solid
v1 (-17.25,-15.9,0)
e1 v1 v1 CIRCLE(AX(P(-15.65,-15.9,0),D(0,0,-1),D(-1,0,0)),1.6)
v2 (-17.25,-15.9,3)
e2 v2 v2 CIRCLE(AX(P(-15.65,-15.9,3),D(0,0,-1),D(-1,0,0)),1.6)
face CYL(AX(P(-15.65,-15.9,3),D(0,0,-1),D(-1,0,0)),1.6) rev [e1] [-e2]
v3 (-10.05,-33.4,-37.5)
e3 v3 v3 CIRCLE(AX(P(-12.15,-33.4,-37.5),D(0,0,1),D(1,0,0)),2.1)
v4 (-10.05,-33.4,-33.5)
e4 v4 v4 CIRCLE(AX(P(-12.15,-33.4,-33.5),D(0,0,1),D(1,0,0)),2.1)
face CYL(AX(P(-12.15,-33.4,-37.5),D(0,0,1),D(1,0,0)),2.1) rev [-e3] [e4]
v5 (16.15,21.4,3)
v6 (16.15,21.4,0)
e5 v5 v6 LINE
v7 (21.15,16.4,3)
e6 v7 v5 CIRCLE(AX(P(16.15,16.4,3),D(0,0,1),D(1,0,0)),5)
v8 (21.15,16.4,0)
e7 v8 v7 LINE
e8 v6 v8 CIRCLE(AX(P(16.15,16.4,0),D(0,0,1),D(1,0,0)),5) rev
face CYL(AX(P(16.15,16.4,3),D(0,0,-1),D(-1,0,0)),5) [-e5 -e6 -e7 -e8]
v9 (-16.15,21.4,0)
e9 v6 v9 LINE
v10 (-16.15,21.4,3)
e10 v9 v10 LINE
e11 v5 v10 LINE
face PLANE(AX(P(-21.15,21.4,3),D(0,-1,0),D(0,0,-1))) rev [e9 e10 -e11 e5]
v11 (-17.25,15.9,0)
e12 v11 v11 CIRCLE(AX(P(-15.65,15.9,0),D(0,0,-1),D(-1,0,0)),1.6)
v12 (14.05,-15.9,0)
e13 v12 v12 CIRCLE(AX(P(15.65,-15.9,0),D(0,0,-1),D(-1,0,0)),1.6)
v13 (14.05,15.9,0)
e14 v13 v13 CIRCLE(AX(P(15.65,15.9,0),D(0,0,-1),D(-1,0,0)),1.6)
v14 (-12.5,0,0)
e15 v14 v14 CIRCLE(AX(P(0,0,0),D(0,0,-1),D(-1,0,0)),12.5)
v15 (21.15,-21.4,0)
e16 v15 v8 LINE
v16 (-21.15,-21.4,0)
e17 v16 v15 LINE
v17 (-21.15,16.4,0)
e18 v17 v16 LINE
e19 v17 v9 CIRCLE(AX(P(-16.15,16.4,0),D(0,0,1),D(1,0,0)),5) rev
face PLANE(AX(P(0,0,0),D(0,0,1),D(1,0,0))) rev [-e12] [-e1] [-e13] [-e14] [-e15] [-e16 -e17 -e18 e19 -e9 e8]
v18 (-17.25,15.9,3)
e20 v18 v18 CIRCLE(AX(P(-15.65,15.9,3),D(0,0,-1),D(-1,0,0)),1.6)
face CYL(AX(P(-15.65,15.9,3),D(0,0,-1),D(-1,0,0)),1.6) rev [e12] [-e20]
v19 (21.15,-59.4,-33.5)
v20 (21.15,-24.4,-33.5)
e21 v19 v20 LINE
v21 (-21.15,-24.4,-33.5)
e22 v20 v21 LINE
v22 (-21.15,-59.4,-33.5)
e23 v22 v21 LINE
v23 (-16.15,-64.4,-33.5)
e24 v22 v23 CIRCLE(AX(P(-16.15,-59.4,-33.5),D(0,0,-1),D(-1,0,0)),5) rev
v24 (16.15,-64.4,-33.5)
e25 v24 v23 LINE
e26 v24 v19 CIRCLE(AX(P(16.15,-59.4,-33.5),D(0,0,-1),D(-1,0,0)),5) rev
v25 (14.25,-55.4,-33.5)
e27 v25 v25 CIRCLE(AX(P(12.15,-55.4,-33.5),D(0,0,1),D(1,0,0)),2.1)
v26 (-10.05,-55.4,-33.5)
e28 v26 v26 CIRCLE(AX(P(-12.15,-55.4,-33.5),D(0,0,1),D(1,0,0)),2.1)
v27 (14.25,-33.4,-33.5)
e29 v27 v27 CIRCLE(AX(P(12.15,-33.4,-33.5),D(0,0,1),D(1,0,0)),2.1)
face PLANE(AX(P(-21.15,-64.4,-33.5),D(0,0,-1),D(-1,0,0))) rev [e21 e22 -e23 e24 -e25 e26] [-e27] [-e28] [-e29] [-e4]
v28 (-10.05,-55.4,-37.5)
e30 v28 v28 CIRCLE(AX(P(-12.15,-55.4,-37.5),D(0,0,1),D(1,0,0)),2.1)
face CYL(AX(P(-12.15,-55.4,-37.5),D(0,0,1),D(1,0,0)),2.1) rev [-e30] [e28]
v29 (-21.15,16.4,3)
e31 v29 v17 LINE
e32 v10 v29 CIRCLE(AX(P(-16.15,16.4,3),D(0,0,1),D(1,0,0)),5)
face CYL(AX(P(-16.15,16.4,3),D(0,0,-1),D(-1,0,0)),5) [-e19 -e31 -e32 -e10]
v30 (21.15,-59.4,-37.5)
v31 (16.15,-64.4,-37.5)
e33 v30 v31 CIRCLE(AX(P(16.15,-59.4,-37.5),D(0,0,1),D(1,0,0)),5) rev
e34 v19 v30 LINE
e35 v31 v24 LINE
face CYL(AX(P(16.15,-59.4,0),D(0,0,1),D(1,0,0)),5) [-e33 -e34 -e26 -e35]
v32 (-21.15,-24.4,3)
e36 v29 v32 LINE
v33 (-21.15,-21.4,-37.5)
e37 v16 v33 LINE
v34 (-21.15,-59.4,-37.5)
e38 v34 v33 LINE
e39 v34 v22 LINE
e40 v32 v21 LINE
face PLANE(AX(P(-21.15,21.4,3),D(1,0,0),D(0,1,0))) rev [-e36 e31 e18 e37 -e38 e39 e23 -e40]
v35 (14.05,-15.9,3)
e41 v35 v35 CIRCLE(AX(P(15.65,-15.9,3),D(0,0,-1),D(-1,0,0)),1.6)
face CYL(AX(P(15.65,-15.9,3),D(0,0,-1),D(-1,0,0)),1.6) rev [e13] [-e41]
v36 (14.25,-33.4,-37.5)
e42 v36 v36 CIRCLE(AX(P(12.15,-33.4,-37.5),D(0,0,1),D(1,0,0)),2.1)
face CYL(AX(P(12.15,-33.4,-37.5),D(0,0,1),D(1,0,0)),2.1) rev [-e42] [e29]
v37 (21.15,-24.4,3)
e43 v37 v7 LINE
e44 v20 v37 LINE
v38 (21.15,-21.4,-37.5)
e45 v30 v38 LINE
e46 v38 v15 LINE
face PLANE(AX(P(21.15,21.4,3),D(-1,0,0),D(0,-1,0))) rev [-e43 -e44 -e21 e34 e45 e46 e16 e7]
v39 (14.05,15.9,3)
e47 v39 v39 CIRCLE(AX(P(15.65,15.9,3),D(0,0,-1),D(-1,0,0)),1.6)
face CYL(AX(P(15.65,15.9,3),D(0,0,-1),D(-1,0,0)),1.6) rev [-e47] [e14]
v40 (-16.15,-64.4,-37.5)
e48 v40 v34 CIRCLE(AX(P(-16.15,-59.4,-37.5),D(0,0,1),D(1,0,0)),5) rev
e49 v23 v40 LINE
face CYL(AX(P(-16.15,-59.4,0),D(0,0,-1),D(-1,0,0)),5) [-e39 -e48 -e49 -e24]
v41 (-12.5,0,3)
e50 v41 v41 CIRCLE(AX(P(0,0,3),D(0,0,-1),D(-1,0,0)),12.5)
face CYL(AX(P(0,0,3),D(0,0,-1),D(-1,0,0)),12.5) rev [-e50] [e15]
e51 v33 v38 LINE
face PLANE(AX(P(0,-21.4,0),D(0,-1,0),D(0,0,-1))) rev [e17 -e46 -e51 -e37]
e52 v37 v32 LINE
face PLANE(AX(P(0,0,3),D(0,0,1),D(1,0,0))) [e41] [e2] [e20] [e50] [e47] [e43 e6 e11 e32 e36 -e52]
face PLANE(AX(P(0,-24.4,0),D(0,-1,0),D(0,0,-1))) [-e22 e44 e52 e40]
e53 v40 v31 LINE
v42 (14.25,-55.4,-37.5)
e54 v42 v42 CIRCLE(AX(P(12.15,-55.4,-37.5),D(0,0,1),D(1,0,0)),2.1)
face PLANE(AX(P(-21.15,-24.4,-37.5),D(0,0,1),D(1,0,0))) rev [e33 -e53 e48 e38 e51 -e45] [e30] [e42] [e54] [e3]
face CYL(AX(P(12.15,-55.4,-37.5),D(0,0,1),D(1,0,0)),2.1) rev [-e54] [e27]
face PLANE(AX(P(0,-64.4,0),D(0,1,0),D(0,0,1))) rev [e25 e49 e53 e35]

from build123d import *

# Parameters (mm, degrees)
SKETCH1_W           = 42.3
SKETCH1_H           = 42.8
BOSS_EXTRUDE1_DEPTH = 3
SKETCH6_R           = 12.5
SKETCH6_R_2         = 1.6
CUT_EXTRUDE3_DEPTH  = 31.237104689
SKETCH7_W           = 42.3
SKETCH7_H           = 40.5
BOSS_EXTRUDE2_DEPTH = 3
SKETCH8_W           = 42.3
SKETCH8_H           = 4
BOSS_EXTRUDE3_DEPTH = 40
SKETCH10_R          = 2.1
CUT_EXTRUDE4_DEPTH  = 77.986573505
FILLET1_R           = 5


with BuildPart() as part:
    # Sketch1 → Boss-Extrude1 (new body)
    with BuildSketch(Plane.XY):
        Rectangle(SKETCH1_W, SKETCH1_H)
    extrude(amount=BOSS_EXTRUDE1_DEPTH)

    # Sketch6 → Cut-Extrude3 (cut, through all)
    with BuildSketch(Plane(origin=(0, 0, 0), x_dir=(-1, 0, 0), z_dir=(0, 0, -1))):
        Circle(SKETCH6_R)
        with Locations((-15.65, 15.9)):
            Circle(SKETCH6_R_2)
        with Locations((15.65, 15.9)):
            Circle(SKETCH6_R_2)
        with Locations((-15.65, -15.9)):
            Circle(SKETCH6_R_2)
        with Locations((15.65, -15.9)):
            Circle(SKETCH6_R_2)
    extrude(amount=-CUT_EXTRUDE3_DEPTH, mode=Mode.SUBTRACT)

    # Sketch7 → Boss-Extrude2 (add)
    with BuildSketch(Plane.XZ.offset(21.4)):
        with Locations((0, -17.25)):
            Rectangle(SKETCH7_W, SKETCH7_H)
    extrude(amount=BOSS_EXTRUDE2_DEPTH)

    # Sketch8 → Boss-Extrude3 (add)
    with BuildSketch(Plane.XZ.offset(24.4)):
        with Locations((0, -35.5)):
            Rectangle(SKETCH8_W, SKETCH8_H)
    extrude(amount=BOSS_EXTRUDE3_DEPTH)

    # Sketch10 → Cut-Extrude4 (cut, through all)
    with BuildSketch(Plane.XY.offset(-33.5)):
        with Locations((-12.15, -33.4)):
            Circle(SKETCH10_R)
        with Locations((12.15, -33.4)):
            Circle(SKETCH10_R)
        with Locations((-12.15, -55.4)):
            Circle(SKETCH10_R)
        with Locations((12.15, -55.4)):
            Circle(SKETCH10_R)
    extrude(amount=-CUT_EXTRUDE4_DEPTH, mode=Mode.SUBTRACT)

    # Fillet1
    fillet1_edges = [part.edges().sort_by_distance(p)[0] for p in [
        (-21.15, -64.4, -35.5),
        (21.15, -64.4, -35.5),
        (-21.15, 21.4, 1.5),
        (21.15, 21.4, 1.5),
    ]]
    fillet(fillet1_edges, radius=FILLET1_R)


solid = part.part
